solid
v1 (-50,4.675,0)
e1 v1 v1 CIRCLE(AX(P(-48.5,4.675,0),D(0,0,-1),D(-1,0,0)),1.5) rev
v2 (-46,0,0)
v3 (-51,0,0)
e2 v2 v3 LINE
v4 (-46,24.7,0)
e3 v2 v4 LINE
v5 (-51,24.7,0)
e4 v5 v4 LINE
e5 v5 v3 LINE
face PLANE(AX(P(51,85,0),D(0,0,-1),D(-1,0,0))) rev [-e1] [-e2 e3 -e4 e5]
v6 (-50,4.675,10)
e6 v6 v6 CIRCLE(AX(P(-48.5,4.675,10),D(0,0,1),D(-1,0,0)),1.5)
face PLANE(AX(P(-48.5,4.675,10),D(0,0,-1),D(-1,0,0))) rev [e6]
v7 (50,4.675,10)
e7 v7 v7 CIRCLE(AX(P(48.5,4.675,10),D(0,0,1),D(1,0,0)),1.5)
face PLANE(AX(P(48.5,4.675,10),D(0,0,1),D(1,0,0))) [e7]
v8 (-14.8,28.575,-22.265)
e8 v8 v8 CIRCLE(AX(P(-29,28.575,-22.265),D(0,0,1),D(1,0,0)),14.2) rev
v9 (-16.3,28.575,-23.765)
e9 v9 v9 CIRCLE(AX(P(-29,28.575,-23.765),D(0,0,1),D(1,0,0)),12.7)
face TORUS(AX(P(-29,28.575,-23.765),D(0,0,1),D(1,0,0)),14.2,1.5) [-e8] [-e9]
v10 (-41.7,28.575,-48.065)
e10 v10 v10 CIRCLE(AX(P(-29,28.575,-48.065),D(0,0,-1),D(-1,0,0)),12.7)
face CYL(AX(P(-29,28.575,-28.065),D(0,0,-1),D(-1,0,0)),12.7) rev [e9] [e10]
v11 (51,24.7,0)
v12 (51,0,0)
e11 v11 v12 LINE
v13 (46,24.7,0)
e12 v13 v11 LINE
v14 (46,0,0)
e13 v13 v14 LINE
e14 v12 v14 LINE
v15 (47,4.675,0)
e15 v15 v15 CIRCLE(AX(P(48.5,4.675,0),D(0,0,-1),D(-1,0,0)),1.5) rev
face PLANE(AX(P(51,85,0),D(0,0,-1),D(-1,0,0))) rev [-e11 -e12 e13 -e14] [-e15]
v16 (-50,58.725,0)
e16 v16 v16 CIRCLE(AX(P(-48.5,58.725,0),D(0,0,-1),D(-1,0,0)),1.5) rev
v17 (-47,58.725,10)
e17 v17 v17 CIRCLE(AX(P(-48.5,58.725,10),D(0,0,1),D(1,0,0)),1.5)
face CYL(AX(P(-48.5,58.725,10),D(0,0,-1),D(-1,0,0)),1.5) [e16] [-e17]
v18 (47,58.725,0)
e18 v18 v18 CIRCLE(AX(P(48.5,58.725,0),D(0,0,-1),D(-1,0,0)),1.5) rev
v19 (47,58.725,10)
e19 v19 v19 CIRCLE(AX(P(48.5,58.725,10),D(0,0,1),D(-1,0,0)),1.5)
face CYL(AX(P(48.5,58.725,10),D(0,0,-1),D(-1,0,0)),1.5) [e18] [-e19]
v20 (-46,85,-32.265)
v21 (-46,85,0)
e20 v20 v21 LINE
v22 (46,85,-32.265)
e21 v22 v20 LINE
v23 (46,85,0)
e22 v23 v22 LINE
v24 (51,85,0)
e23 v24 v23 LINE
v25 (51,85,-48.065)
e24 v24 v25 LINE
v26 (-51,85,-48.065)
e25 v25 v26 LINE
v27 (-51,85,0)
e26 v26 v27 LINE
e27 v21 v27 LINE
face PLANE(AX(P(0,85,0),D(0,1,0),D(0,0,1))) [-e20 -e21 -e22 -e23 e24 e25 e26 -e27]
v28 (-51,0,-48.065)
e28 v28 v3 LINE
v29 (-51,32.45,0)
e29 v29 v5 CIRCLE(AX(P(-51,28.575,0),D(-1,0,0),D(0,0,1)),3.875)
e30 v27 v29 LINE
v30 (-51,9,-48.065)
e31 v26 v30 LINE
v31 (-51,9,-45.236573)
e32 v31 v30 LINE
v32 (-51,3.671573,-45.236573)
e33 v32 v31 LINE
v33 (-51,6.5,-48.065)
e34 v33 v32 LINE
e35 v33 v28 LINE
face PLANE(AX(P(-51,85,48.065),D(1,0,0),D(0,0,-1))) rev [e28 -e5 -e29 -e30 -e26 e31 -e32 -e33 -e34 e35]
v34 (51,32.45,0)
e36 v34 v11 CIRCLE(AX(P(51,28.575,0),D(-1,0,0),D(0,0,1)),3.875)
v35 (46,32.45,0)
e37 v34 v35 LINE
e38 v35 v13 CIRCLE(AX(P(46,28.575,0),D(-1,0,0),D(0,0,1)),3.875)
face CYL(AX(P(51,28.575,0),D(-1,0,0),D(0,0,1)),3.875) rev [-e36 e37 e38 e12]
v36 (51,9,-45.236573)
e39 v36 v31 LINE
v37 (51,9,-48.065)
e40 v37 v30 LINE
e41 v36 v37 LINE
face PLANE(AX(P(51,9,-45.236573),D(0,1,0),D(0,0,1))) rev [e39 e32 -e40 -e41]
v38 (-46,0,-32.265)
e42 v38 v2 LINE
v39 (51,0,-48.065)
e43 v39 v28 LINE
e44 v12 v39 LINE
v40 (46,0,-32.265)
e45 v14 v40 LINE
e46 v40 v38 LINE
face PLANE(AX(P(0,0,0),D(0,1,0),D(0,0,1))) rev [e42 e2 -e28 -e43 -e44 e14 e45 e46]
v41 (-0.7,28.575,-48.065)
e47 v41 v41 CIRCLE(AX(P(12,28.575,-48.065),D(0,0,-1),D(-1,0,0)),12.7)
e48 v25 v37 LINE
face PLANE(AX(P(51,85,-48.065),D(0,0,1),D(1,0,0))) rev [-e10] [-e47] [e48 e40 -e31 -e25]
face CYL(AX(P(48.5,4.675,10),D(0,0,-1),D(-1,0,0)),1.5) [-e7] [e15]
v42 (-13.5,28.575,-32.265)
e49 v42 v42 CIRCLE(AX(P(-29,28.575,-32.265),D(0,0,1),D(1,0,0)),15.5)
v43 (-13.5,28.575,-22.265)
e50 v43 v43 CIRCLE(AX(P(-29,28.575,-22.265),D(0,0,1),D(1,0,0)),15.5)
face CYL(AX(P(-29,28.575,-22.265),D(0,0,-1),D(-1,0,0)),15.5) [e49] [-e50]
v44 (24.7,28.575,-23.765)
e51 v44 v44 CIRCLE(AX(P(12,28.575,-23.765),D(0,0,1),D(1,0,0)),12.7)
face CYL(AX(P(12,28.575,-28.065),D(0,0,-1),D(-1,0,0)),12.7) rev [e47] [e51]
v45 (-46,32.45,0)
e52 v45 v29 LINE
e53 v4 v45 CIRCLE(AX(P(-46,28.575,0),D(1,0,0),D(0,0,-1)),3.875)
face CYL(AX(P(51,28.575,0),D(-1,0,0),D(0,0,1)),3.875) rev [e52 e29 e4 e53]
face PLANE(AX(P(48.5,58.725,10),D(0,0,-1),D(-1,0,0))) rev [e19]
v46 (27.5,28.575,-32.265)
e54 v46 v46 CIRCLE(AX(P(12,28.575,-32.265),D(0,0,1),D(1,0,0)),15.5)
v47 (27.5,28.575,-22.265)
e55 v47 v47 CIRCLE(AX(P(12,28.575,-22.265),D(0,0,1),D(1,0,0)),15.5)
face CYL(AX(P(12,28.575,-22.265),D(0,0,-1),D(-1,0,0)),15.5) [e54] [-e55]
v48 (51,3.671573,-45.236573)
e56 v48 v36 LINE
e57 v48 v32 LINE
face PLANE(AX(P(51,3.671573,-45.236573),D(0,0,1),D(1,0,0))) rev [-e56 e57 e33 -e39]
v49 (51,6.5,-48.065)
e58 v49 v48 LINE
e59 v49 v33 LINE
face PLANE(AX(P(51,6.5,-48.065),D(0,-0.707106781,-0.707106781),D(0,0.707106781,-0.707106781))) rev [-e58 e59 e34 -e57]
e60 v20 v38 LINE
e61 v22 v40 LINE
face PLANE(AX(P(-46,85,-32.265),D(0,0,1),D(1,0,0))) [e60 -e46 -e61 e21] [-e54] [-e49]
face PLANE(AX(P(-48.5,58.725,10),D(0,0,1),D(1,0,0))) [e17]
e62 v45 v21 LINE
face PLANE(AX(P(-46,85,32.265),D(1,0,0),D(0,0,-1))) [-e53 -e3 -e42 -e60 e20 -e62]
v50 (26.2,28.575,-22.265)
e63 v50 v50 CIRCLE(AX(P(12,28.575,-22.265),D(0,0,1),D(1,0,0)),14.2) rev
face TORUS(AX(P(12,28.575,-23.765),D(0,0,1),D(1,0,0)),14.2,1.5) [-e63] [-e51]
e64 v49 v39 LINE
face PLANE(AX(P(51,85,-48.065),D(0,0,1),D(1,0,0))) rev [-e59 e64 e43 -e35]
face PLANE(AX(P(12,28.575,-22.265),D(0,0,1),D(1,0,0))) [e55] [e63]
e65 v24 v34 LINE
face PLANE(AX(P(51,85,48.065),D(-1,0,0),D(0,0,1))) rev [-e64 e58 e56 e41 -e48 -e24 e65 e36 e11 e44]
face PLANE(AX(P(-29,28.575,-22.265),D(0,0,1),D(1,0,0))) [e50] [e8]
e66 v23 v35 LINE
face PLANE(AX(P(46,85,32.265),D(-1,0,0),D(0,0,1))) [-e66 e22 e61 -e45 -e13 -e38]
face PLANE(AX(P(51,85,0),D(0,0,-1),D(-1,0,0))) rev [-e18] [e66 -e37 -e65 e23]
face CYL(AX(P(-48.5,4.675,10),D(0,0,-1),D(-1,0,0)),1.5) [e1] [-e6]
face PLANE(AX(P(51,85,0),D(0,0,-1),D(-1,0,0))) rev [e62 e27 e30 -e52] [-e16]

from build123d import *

# Parameters (mm, degrees)
SKETCH2_W           = 102
SKETCH2_H           = 96.13
SKETCH2_W_2         = 92
SKETCH2_H_2         = 64.53
BOSS_EXTRUDE1_DEPTH = 85
SKETCH8_R           = 10.25
CUT_EXTRUDE7_DEPTH  = 20
SKETCH9_R           = 12.7
CUT_EXTRUDE8_DEPTH  = 20
SKETCH10_R          = 3.875
CUT_EXTRUDE9_DEPTH  = 142.206388754
SKETCH11_W          = 48.065
SKETCH11_H          = 85
CUT_EXTRUDE10_DEPTH = 142.206388754
SKETCH14_R          = 1.5
BOSS_EXTRUDE2_DEPTH = 10
SKETCH15_R          = 15.5
SKETCH15_R_2        = 12.7
BOSS_EXTRUDE3_DEPTH = 10
FILLET1_R           = 1.5
CUT_EXTRUDE11_DEPTH = 142.206388754


with BuildPart() as part:
    # Sketch2 → Boss-Extrude1 (new body)
    with BuildSketch(Plane(origin=(0, 0, 0), x_dir=(1, 0, 0), z_dir=(0, 1, 0))):
        Rectangle(SKETCH2_W, SKETCH2_H)
        Rectangle(SKETCH2_W_2, SKETCH2_H_2, mode=Mode.SUBTRACT)
    extrude(amount=BOSS_EXTRUDE1_DEPTH)

    # Sketch8 → Cut-Extrude7 (cut)
    with BuildSketch(Plane.XY.offset(48.065)):
        with Locations((-31, 31.7)):
            Circle(SKETCH8_R)
        with Locations((29, 31.7)):
            Circle(SKETCH8_R)
    extrude(amount=-CUT_EXTRUDE7_DEPTH, mode=Mode.SUBTRACT)

    # Sketch9 → Cut-Extrude8 (cut)
    with BuildSketch(Plane(origin=(0, 0, -48.065), x_dir=(-1, 0, 0), z_dir=(0, 0, -1))):
        with Locations((-12, 28.575)):
            Circle(SKETCH9_R)
        with Locations((29, 28.575)):
            Circle(SKETCH9_R)
    extrude(amount=-CUT_EXTRUDE8_DEPTH, mode=Mode.SUBTRACT)

    # Sketch10 → Cut-Extrude9 (cut, through all)
    with BuildSketch(Plane.ZY.offset(51)):
        with Locations((0, 28.575)):
            Circle(SKETCH10_R)
    extrude(amount=-CUT_EXTRUDE9_DEPTH, mode=Mode.SUBTRACT)

    # Sketch11 → Cut-Extrude10 (cut, through all)
    with BuildSketch(Plane.ZY.offset(51)):
        with Locations((24.0325, 42.5)):
            Rectangle(SKETCH11_W, SKETCH11_H)
    extrude(amount=-CUT_EXTRUDE10_DEPTH, mode=Mode.SUBTRACT)

    # Sketch14 → Boss-Extrude2 (add)
    with BuildSketch(Plane.XY):
        with Locations(Location((-48.5, 58.725, 0), (0, 0, 180))):
            Circle(SKETCH14_R)
        with Locations(Location((-48.5, 4.675, 0), (0, 0, 180))):
            Circle(SKETCH14_R)
        with Locations(Location((48.5, 4.675, 0), (0, 0, 180))):
            Circle(SKETCH14_R)
        with Locations(Location((48.5, 58.725, 0), (0, 0, 180))):
            Circle(SKETCH14_R)
    extrude(amount=BOSS_EXTRUDE2_DEPTH)

    # Sketch15 → Boss-Extrude3 (add)
    # profile 1 of 2: a face of its own
    with BuildSketch(Plane.XY.offset(-32.265)):
        with Locations((12, 28.575)):
            Circle(SKETCH15_R)
        with Locations(Location((12, 28.575, 0), (0, 0, 180))):
            Circle(SKETCH15_R_2, mode=Mode.SUBTRACT)
    # profile 2 of 2: a face of its own
    with BuildSketch(Plane.XY.offset(-32.265)):
        with Locations((-29, 28.575)):
            Circle(SKETCH15_R)
        with Locations(Location((-29, 28.575, 0), (0, 0, 180))):
            Circle(SKETCH15_R_2, mode=Mode.SUBTRACT)
    extrude(amount=BOSS_EXTRUDE3_DEPTH)

    # Fillet1
    fillet1_edges = [part.edges().sort_by_distance(p)[0] for p in [
        (24.7, 28.575, -22.265),
        (-16.3, 28.575, -22.265),
    ]]
    fillet(fillet1_edges, radius=FILLET1_R)

    # Sketch16 → Cut-Extrude11 (cut, through all)
    with BuildSketch(Plane.ZY.offset(51)):
        Polygon((-48.065, 6.5), (-45.236572875, 3.671572875), (-45.236572875, 9), (-48.065, 9), align=None)
    extrude(amount=-CUT_EXTRUDE11_DEPTH, mode=Mode.SUBTRACT)


solid = part.part
